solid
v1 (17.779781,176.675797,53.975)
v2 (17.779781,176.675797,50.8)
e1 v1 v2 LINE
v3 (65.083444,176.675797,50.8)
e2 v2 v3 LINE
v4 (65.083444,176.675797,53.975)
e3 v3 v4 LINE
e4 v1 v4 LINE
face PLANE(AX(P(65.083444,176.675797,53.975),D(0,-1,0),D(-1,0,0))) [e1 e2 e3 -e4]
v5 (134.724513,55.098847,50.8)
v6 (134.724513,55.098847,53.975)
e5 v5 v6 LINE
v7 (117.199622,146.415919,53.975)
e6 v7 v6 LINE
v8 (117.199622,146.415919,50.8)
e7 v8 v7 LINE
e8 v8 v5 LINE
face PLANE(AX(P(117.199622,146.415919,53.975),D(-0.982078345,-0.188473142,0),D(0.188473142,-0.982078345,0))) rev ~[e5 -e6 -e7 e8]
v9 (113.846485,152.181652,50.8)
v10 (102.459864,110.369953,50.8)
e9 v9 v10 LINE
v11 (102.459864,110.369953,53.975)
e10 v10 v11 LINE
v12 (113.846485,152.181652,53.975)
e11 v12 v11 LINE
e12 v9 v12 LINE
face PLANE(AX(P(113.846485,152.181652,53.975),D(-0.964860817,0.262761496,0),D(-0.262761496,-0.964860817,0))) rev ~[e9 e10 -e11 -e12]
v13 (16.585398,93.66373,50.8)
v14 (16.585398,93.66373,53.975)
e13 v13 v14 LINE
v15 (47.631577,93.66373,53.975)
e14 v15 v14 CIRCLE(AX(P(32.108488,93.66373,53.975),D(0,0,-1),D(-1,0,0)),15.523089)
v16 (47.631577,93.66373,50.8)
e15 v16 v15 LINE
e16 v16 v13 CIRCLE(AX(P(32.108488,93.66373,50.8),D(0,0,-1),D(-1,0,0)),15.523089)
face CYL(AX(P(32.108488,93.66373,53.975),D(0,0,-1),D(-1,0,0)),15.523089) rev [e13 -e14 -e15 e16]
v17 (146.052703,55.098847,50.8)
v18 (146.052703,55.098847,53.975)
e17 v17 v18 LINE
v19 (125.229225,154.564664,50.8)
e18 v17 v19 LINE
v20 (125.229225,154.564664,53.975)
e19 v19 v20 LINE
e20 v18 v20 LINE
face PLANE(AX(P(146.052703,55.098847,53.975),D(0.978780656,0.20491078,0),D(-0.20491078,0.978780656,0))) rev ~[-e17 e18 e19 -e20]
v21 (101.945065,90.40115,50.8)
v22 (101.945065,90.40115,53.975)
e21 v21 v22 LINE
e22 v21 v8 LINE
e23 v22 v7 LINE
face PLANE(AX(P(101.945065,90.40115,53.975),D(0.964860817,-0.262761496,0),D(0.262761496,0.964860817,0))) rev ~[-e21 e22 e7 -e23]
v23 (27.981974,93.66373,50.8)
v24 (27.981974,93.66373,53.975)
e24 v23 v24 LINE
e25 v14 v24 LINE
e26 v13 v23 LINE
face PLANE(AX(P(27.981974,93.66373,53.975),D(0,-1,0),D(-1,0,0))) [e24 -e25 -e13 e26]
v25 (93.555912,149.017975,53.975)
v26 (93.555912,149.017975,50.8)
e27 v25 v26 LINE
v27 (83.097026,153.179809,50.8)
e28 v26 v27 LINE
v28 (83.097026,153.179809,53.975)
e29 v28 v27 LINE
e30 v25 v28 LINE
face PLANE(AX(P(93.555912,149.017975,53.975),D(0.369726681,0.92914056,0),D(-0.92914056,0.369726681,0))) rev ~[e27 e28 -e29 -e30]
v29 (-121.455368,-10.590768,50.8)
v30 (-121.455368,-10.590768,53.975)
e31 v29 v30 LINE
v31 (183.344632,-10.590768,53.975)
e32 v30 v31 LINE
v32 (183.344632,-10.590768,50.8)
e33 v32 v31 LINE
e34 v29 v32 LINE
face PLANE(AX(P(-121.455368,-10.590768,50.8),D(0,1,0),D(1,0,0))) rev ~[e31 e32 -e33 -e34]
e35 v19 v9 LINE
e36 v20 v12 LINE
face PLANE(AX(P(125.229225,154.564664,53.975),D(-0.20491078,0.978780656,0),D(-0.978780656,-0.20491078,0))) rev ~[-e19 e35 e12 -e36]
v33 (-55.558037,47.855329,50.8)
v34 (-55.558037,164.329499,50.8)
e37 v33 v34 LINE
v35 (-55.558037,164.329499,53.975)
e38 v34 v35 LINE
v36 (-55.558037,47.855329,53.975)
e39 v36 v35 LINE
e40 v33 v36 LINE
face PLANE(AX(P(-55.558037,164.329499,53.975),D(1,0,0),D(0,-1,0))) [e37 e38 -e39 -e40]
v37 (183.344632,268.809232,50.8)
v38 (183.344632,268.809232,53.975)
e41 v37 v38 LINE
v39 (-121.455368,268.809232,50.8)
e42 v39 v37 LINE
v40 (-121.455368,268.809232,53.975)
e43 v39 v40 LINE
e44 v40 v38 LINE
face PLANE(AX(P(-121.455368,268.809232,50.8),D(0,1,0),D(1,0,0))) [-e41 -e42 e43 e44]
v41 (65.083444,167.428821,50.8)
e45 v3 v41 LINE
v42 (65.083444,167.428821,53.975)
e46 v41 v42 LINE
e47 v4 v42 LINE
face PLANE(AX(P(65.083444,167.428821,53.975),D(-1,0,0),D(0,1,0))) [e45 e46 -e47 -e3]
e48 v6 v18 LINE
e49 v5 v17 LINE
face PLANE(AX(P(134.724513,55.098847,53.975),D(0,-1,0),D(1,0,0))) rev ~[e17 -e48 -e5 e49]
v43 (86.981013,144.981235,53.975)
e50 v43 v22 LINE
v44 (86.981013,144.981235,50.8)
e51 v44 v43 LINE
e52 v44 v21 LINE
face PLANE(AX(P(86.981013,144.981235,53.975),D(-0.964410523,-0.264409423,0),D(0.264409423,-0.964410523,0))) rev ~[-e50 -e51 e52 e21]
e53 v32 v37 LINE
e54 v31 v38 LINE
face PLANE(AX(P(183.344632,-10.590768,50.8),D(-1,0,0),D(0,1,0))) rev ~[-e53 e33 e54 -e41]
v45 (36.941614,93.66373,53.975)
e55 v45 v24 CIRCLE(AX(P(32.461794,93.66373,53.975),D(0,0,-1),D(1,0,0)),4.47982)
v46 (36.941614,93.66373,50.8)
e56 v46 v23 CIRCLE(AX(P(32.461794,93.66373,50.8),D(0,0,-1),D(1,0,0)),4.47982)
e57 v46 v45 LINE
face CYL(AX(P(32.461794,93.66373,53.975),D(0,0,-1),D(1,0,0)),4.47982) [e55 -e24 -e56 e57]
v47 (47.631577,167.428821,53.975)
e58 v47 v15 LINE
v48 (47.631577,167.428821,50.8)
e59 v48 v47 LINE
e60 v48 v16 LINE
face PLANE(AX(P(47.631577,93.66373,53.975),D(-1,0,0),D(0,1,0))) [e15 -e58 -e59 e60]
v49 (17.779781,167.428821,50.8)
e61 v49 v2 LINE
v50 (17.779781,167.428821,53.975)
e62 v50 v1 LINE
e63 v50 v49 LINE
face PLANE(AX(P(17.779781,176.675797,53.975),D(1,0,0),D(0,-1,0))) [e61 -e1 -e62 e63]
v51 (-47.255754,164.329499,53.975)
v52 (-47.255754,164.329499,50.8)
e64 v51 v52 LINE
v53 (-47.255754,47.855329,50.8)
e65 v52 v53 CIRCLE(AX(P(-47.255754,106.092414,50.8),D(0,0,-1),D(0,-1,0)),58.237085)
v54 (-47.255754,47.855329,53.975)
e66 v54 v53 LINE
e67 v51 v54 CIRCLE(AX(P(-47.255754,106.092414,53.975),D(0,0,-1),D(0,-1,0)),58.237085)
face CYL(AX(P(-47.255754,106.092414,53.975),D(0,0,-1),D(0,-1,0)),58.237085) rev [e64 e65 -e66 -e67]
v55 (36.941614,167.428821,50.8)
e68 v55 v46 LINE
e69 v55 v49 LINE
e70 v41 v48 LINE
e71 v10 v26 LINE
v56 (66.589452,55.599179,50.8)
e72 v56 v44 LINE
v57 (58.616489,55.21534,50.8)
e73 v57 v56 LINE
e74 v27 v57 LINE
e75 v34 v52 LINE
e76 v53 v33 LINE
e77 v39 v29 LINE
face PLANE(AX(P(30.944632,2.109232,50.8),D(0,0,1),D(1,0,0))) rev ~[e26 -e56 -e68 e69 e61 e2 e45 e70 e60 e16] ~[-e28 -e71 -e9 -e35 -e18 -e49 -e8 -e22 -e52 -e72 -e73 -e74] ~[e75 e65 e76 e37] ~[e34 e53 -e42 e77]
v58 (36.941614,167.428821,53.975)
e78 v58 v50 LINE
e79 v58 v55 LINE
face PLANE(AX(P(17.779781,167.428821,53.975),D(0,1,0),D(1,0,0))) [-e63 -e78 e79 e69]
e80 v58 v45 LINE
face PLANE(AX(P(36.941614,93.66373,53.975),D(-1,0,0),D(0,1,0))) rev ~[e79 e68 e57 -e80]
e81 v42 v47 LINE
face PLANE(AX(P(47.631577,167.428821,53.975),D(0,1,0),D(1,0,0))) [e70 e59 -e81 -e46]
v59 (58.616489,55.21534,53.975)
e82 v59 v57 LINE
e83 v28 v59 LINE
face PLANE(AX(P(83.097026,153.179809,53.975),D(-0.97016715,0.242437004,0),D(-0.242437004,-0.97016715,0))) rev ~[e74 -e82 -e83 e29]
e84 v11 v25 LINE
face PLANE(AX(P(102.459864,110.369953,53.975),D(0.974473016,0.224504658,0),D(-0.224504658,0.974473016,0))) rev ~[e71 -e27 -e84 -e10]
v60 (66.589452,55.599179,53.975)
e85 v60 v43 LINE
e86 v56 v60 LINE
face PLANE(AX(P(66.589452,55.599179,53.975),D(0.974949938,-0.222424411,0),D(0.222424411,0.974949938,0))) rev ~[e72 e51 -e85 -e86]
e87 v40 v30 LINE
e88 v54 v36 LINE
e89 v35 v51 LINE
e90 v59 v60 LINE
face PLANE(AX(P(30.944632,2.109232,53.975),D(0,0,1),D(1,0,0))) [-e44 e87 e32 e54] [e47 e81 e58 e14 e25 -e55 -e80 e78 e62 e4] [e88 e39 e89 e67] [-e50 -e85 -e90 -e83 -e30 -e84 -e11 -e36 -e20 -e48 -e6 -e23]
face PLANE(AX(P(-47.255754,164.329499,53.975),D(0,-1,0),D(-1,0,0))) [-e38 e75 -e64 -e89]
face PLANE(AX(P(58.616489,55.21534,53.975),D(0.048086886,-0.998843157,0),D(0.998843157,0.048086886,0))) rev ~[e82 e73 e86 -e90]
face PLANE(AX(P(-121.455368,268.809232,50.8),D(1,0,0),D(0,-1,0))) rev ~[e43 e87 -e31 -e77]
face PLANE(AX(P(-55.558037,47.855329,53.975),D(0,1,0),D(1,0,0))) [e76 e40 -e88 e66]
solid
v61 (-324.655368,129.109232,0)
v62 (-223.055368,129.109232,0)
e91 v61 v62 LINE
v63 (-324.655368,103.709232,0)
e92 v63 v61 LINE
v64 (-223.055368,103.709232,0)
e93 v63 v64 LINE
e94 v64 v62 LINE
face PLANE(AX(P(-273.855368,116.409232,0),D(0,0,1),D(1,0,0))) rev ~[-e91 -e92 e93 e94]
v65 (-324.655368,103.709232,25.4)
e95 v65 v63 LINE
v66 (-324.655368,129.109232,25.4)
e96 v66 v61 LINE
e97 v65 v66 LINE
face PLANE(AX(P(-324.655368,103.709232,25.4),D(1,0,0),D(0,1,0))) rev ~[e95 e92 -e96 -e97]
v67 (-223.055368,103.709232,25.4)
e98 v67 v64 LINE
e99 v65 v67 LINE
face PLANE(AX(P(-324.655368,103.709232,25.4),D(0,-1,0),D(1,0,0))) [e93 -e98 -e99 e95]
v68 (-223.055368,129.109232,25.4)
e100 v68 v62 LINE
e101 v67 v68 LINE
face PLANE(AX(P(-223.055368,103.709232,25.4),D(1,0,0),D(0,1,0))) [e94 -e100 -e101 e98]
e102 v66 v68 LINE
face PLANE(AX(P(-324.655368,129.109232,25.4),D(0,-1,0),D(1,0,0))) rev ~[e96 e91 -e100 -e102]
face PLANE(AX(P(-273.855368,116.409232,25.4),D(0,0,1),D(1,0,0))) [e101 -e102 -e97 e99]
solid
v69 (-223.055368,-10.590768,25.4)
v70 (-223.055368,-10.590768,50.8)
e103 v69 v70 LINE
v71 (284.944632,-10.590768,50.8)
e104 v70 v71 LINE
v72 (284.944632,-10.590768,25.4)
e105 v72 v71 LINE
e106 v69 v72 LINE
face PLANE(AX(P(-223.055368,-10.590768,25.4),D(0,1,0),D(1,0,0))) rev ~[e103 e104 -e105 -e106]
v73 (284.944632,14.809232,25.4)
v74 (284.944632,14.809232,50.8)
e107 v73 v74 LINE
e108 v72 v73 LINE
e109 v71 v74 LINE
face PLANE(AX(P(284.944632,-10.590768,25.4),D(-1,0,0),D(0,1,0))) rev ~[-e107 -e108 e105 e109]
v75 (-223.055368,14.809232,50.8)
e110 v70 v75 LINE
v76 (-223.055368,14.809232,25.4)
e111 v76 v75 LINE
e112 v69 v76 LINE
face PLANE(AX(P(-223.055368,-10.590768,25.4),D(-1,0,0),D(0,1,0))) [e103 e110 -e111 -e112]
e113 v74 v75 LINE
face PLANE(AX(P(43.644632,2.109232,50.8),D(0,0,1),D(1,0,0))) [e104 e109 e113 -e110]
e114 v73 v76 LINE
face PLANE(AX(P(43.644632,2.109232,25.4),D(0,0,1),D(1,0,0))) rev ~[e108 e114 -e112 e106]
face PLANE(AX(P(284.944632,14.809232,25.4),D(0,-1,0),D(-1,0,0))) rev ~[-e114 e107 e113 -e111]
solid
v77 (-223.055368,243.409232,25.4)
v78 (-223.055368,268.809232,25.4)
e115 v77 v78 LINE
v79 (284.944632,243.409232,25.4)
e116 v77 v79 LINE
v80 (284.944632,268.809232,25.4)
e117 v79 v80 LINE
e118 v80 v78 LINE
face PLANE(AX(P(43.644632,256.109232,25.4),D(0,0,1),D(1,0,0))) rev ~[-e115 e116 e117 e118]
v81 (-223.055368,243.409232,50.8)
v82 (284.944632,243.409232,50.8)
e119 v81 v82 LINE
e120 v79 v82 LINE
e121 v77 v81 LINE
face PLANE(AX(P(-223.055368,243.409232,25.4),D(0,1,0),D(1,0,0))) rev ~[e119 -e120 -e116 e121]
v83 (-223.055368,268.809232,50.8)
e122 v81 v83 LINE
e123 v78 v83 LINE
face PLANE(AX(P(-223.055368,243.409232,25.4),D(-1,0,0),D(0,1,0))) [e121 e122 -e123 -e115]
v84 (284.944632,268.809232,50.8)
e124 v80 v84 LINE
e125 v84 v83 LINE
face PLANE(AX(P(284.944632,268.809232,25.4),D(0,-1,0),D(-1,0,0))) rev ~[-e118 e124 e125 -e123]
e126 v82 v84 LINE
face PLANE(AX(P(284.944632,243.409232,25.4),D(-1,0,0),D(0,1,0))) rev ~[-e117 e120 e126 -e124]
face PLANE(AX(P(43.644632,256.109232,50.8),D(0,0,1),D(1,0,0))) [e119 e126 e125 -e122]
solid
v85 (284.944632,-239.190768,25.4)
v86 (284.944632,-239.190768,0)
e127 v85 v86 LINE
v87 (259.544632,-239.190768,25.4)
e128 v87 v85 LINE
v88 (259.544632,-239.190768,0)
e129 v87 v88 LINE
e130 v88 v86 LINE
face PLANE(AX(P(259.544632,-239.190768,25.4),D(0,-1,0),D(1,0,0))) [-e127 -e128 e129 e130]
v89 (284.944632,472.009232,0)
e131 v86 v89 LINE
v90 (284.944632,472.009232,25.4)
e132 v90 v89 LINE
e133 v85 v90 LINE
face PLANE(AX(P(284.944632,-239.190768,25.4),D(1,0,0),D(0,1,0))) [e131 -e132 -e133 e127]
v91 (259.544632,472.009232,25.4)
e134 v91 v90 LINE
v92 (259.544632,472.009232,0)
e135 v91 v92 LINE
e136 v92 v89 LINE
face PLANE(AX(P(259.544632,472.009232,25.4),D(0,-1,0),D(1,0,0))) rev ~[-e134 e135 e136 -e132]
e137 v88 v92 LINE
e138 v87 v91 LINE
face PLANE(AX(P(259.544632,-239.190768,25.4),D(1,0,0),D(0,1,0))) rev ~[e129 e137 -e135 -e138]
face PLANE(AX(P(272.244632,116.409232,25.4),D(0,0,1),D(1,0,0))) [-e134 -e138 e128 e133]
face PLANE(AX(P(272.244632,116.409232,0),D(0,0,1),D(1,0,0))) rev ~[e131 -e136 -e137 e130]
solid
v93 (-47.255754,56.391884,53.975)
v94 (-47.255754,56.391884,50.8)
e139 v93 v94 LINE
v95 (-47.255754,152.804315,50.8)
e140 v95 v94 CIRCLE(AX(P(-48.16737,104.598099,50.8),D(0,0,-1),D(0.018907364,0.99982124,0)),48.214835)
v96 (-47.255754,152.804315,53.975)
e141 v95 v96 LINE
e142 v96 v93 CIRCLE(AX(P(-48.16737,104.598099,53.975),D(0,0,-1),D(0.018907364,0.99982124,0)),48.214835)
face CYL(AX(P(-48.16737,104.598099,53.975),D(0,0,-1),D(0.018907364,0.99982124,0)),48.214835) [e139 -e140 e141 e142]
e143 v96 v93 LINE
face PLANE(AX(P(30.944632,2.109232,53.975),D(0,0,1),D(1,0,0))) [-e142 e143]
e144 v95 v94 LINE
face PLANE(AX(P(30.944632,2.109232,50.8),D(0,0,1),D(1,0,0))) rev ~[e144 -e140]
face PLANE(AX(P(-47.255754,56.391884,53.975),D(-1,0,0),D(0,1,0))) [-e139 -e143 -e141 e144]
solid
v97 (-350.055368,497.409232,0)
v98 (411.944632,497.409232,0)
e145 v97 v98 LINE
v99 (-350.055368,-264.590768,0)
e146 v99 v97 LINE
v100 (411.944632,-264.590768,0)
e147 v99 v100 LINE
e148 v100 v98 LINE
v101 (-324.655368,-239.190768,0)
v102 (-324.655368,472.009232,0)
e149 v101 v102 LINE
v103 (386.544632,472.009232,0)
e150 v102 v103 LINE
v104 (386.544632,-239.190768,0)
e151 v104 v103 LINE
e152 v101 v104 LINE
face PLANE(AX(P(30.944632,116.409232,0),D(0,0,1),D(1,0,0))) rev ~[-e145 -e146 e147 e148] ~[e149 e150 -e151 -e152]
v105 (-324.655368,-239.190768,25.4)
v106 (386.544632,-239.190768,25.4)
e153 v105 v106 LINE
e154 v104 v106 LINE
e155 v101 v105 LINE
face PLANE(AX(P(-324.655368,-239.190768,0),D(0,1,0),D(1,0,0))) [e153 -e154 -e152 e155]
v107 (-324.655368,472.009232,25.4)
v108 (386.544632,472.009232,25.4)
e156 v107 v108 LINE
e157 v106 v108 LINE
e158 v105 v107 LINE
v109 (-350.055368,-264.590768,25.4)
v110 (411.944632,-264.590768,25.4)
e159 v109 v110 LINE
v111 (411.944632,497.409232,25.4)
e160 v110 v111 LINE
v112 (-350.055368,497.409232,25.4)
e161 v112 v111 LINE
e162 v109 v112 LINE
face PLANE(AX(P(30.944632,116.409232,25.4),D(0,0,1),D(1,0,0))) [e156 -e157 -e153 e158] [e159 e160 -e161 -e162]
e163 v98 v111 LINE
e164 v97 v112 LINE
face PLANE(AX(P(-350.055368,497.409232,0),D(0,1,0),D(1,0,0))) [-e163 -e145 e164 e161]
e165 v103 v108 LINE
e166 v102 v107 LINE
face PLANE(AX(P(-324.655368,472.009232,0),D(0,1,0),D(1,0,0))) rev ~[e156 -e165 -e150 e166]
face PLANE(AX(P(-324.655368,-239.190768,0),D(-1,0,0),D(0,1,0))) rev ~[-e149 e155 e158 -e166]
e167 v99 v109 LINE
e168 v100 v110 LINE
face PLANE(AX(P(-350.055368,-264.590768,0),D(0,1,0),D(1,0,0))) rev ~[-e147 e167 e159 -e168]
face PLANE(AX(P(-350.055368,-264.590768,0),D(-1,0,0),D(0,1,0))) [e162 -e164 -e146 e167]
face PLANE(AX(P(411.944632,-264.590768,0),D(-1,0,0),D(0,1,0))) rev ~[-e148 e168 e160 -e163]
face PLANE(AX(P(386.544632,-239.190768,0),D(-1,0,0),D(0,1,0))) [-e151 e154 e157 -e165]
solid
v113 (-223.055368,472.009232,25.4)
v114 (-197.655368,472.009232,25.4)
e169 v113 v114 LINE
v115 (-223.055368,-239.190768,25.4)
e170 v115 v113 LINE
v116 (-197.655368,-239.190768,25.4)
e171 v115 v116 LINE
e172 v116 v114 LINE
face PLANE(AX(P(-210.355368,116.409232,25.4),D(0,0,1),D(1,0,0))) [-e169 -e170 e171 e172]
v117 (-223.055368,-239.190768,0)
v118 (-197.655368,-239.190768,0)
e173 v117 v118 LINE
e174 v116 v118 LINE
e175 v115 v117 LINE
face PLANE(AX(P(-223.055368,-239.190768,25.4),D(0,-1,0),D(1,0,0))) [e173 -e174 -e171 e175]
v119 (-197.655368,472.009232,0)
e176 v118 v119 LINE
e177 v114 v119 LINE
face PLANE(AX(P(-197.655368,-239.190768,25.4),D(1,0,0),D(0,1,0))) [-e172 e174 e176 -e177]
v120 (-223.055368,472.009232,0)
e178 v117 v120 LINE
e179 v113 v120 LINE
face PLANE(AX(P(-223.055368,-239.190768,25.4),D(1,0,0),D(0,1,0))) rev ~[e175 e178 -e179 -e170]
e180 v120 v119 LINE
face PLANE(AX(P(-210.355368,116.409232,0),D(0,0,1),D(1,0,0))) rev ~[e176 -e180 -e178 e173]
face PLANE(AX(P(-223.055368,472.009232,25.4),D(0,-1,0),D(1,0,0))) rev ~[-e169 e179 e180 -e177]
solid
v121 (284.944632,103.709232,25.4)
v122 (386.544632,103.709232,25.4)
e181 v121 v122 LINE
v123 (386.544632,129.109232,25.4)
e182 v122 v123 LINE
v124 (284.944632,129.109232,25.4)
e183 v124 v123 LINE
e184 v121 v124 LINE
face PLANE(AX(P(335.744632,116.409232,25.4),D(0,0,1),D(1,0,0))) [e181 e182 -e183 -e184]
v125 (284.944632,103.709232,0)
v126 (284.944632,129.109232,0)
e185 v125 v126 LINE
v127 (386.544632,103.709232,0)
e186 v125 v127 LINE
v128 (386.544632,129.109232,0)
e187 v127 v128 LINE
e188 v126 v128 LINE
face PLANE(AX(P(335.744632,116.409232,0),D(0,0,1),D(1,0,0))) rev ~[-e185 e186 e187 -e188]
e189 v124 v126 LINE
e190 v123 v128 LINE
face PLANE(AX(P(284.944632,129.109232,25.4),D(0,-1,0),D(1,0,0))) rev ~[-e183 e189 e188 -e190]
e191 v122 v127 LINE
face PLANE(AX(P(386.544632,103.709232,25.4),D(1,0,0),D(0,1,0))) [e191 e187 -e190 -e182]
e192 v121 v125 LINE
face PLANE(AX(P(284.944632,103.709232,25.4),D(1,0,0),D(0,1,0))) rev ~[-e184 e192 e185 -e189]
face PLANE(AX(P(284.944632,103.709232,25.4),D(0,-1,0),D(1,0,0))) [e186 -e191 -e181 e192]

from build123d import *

# Parameters (mm, degrees)
F0_W      = 762
F0_H      = 762
F0_W_2    = 711.2
F0_H_2    = 711.2
F1_DEPTH  = 25.4
F2_W      = 25.4
F2_H      = 711.2
F3_DEPTH  = 25.4
F4_W      = 482.6
F4_H      = 25.4
F4_W_2    = 25.4
F5_DEPTH  = 25.4
F6_W      = 101.6
F6_H      = 25.4
F7_DEPTH  = 25.4
F8_W      = 304.8
F8_H      = 25.4
F8_H_2    = 254
F9_DEPTH  = 3.175
F10_W     = 10.6899626553
F10_H     = 73.765091598
F11_DEPTH = 12.7


with BuildPart() as f1:
    # F0 (on Top) → F1 (new body)
    with BuildSketch(Plane.XY):
        with Locations((30.9446323663, 116.409232023)):
            Rectangle(F0_W, F0_H)
        with Locations((30.9446323663, 116.409232023)):
            Rectangle(F0_W_2, F0_H_2, mode=Mode.SUBTRACT)
    extrude(amount=F1_DEPTH)


with BuildPart() as f3:
    # F2 (on face) → F3 (new body)
    with BuildSketch(Plane.XY.offset(25.4)):
        with Locations((272.2446323663, 116.409232023)):
            Rectangle(F2_W, F2_H)
    extrude(amount=-F3_DEPTH)


with BuildPart() as f3b:
    # F2 (on face) → F3, piece 2 (new body)
    with BuildSketch(Plane.XY.offset(25.4)):
        with Locations((-210.3553676337, 116.409232023)):
            Rectangle(F2_W, F2_H)
    extrude(amount=-F3_DEPTH)


with BuildPart() as f5:
    # F4 (on face) → F5 (new body)
    with BuildSketch(Plane.XY.offset(25.4)):
        with Locations((43.6446323663, 2.109232023)):
            Rectangle(F4_W, F4_H)
        with Locations((-210.3553676337, 2.109232023)):
            Rectangle(F4_W_2, F4_H)
    extrude(amount=F5_DEPTH)


with BuildPart() as f5b:
    # F4 (on face) → F5, piece 2 (new body)
    with BuildSketch(Plane.XY.offset(25.4)):
        with Locations((43.6446323663, 256.109232023)):
            Rectangle(F4_W, F4_H)
        with Locations((-210.3553676337, 256.109232023)):
            Rectangle(F4_W_2, F4_H)
    extrude(amount=F5_DEPTH)


with BuildPart() as f7:
    # F6 (on face) → F7 (new body)
    with BuildSketch(Plane.XY.offset(25.4)):
        with Locations((335.7446323663, 116.409232023)):
            Rectangle(F6_W, F6_H)
    extrude(amount=-F7_DEPTH)


with BuildPart() as f7b:
    # F6 (on face) → F7, piece 2 (new body)
    with BuildSketch(Plane.XY.offset(25.4)):
        with Locations((-273.8553676337, 116.409232023)):
            Rectangle(F6_W, F6_H)
    extrude(amount=-F7_DEPTH)


with BuildPart() as f9:
    # F8 (on face) → F9 (new body)
    with BuildSketch(Plane.XY.offset(50.8)):
        with Locations((30.9446323663, 2.109232023)):
            Rectangle(F8_W, F8_H)
        with Locations((30.9446323663, 141.809232023)):
            Rectangle(F8_W, F8_H_2)
    extrude(amount=F9_DEPTH)

    # F10 (on face) → F11 (cut, symmetric)
    with BuildSketch(Plane.XY.offset(53.975)):
        Polygon((-47.2557544708, 164.3294990063), (-55.5580370128, 164.3294990063), (-55.5580370128, 47.8553287685), (-47.2557544708, 47.8553287685), (-47.2557544708, 56.3918836415), (-47.2557544708, 152.8043150902), align=None)
        with BuildLine():
            ThreePointArc((-47.2557544708, 47.8553287685), (10.9813306481, 106.0924138874), (-47.2557544708, 164.3294990063))
            Line((-47.2557544708, 164.3294990063), (-47.2557544708, 152.8043150902))
            ThreePointArc((-47.2557544708, 152.8043150902), (0.0474647178, 104.5980993658), (-47.2557544708, 56.3918836415))
            Line((-47.2557544708, 56.3918836415), (-47.2557544708, 47.8553287685))
        make_face()
        with Locations((42.2865953296, 130.5462755263)):
            Rectangle(F10_W, F10_H)
        Polygon((65.0834441185, 176.6757965088), (17.7797805518, 176.6757965088), (17.7797805518, 167.4288213253), (36.941614002, 167.4288213253), (47.6315766573, 167.4288213253), (65.0834441185, 167.4288213253), align=None)
        with BuildLine():
            Line((47.6315766573, 93.6637297273), (36.941614002, 93.6637297273))
            ThreePointArc((36.941614002, 93.6637297273), (32.4617940933, 89.1839098185), (27.9819741845, 93.6637297273))
            Line((27.9819741845, 93.6637297273), (16.5853984654, 93.6637297273))
            ThreePointArc((16.5853984654, 93.6637297273), (32.1084875613, 78.1406406313), (47.6315766573, 93.6637297273))
        make_face()
        Polygon((58.616489172, 55.2153401077), (66.5894523263, 55.5991791189), (86.9810134172, 144.9812352657), (101.9450649619, 90.4011502862), (117.1996220946, 146.4159190655), (134.7245126963, 55.0988465548), (146.0527032614, 55.0988465548), (125.2292245626, 154.5646637678), (113.8464854443, 152.1816518728), (102.4598643225, 110.3699529974), (93.5559123755, 149.0179747343), (83.0970257521, 153.1798094511), align=None)
    extrude(amount=F11_DEPTH, both=True, mode=Mode.SUBTRACT)


solid = Compound([f1.part, f3.part, f3b.part, f5.part, f5b.part, f7.part, f7b.part, f9.part])
